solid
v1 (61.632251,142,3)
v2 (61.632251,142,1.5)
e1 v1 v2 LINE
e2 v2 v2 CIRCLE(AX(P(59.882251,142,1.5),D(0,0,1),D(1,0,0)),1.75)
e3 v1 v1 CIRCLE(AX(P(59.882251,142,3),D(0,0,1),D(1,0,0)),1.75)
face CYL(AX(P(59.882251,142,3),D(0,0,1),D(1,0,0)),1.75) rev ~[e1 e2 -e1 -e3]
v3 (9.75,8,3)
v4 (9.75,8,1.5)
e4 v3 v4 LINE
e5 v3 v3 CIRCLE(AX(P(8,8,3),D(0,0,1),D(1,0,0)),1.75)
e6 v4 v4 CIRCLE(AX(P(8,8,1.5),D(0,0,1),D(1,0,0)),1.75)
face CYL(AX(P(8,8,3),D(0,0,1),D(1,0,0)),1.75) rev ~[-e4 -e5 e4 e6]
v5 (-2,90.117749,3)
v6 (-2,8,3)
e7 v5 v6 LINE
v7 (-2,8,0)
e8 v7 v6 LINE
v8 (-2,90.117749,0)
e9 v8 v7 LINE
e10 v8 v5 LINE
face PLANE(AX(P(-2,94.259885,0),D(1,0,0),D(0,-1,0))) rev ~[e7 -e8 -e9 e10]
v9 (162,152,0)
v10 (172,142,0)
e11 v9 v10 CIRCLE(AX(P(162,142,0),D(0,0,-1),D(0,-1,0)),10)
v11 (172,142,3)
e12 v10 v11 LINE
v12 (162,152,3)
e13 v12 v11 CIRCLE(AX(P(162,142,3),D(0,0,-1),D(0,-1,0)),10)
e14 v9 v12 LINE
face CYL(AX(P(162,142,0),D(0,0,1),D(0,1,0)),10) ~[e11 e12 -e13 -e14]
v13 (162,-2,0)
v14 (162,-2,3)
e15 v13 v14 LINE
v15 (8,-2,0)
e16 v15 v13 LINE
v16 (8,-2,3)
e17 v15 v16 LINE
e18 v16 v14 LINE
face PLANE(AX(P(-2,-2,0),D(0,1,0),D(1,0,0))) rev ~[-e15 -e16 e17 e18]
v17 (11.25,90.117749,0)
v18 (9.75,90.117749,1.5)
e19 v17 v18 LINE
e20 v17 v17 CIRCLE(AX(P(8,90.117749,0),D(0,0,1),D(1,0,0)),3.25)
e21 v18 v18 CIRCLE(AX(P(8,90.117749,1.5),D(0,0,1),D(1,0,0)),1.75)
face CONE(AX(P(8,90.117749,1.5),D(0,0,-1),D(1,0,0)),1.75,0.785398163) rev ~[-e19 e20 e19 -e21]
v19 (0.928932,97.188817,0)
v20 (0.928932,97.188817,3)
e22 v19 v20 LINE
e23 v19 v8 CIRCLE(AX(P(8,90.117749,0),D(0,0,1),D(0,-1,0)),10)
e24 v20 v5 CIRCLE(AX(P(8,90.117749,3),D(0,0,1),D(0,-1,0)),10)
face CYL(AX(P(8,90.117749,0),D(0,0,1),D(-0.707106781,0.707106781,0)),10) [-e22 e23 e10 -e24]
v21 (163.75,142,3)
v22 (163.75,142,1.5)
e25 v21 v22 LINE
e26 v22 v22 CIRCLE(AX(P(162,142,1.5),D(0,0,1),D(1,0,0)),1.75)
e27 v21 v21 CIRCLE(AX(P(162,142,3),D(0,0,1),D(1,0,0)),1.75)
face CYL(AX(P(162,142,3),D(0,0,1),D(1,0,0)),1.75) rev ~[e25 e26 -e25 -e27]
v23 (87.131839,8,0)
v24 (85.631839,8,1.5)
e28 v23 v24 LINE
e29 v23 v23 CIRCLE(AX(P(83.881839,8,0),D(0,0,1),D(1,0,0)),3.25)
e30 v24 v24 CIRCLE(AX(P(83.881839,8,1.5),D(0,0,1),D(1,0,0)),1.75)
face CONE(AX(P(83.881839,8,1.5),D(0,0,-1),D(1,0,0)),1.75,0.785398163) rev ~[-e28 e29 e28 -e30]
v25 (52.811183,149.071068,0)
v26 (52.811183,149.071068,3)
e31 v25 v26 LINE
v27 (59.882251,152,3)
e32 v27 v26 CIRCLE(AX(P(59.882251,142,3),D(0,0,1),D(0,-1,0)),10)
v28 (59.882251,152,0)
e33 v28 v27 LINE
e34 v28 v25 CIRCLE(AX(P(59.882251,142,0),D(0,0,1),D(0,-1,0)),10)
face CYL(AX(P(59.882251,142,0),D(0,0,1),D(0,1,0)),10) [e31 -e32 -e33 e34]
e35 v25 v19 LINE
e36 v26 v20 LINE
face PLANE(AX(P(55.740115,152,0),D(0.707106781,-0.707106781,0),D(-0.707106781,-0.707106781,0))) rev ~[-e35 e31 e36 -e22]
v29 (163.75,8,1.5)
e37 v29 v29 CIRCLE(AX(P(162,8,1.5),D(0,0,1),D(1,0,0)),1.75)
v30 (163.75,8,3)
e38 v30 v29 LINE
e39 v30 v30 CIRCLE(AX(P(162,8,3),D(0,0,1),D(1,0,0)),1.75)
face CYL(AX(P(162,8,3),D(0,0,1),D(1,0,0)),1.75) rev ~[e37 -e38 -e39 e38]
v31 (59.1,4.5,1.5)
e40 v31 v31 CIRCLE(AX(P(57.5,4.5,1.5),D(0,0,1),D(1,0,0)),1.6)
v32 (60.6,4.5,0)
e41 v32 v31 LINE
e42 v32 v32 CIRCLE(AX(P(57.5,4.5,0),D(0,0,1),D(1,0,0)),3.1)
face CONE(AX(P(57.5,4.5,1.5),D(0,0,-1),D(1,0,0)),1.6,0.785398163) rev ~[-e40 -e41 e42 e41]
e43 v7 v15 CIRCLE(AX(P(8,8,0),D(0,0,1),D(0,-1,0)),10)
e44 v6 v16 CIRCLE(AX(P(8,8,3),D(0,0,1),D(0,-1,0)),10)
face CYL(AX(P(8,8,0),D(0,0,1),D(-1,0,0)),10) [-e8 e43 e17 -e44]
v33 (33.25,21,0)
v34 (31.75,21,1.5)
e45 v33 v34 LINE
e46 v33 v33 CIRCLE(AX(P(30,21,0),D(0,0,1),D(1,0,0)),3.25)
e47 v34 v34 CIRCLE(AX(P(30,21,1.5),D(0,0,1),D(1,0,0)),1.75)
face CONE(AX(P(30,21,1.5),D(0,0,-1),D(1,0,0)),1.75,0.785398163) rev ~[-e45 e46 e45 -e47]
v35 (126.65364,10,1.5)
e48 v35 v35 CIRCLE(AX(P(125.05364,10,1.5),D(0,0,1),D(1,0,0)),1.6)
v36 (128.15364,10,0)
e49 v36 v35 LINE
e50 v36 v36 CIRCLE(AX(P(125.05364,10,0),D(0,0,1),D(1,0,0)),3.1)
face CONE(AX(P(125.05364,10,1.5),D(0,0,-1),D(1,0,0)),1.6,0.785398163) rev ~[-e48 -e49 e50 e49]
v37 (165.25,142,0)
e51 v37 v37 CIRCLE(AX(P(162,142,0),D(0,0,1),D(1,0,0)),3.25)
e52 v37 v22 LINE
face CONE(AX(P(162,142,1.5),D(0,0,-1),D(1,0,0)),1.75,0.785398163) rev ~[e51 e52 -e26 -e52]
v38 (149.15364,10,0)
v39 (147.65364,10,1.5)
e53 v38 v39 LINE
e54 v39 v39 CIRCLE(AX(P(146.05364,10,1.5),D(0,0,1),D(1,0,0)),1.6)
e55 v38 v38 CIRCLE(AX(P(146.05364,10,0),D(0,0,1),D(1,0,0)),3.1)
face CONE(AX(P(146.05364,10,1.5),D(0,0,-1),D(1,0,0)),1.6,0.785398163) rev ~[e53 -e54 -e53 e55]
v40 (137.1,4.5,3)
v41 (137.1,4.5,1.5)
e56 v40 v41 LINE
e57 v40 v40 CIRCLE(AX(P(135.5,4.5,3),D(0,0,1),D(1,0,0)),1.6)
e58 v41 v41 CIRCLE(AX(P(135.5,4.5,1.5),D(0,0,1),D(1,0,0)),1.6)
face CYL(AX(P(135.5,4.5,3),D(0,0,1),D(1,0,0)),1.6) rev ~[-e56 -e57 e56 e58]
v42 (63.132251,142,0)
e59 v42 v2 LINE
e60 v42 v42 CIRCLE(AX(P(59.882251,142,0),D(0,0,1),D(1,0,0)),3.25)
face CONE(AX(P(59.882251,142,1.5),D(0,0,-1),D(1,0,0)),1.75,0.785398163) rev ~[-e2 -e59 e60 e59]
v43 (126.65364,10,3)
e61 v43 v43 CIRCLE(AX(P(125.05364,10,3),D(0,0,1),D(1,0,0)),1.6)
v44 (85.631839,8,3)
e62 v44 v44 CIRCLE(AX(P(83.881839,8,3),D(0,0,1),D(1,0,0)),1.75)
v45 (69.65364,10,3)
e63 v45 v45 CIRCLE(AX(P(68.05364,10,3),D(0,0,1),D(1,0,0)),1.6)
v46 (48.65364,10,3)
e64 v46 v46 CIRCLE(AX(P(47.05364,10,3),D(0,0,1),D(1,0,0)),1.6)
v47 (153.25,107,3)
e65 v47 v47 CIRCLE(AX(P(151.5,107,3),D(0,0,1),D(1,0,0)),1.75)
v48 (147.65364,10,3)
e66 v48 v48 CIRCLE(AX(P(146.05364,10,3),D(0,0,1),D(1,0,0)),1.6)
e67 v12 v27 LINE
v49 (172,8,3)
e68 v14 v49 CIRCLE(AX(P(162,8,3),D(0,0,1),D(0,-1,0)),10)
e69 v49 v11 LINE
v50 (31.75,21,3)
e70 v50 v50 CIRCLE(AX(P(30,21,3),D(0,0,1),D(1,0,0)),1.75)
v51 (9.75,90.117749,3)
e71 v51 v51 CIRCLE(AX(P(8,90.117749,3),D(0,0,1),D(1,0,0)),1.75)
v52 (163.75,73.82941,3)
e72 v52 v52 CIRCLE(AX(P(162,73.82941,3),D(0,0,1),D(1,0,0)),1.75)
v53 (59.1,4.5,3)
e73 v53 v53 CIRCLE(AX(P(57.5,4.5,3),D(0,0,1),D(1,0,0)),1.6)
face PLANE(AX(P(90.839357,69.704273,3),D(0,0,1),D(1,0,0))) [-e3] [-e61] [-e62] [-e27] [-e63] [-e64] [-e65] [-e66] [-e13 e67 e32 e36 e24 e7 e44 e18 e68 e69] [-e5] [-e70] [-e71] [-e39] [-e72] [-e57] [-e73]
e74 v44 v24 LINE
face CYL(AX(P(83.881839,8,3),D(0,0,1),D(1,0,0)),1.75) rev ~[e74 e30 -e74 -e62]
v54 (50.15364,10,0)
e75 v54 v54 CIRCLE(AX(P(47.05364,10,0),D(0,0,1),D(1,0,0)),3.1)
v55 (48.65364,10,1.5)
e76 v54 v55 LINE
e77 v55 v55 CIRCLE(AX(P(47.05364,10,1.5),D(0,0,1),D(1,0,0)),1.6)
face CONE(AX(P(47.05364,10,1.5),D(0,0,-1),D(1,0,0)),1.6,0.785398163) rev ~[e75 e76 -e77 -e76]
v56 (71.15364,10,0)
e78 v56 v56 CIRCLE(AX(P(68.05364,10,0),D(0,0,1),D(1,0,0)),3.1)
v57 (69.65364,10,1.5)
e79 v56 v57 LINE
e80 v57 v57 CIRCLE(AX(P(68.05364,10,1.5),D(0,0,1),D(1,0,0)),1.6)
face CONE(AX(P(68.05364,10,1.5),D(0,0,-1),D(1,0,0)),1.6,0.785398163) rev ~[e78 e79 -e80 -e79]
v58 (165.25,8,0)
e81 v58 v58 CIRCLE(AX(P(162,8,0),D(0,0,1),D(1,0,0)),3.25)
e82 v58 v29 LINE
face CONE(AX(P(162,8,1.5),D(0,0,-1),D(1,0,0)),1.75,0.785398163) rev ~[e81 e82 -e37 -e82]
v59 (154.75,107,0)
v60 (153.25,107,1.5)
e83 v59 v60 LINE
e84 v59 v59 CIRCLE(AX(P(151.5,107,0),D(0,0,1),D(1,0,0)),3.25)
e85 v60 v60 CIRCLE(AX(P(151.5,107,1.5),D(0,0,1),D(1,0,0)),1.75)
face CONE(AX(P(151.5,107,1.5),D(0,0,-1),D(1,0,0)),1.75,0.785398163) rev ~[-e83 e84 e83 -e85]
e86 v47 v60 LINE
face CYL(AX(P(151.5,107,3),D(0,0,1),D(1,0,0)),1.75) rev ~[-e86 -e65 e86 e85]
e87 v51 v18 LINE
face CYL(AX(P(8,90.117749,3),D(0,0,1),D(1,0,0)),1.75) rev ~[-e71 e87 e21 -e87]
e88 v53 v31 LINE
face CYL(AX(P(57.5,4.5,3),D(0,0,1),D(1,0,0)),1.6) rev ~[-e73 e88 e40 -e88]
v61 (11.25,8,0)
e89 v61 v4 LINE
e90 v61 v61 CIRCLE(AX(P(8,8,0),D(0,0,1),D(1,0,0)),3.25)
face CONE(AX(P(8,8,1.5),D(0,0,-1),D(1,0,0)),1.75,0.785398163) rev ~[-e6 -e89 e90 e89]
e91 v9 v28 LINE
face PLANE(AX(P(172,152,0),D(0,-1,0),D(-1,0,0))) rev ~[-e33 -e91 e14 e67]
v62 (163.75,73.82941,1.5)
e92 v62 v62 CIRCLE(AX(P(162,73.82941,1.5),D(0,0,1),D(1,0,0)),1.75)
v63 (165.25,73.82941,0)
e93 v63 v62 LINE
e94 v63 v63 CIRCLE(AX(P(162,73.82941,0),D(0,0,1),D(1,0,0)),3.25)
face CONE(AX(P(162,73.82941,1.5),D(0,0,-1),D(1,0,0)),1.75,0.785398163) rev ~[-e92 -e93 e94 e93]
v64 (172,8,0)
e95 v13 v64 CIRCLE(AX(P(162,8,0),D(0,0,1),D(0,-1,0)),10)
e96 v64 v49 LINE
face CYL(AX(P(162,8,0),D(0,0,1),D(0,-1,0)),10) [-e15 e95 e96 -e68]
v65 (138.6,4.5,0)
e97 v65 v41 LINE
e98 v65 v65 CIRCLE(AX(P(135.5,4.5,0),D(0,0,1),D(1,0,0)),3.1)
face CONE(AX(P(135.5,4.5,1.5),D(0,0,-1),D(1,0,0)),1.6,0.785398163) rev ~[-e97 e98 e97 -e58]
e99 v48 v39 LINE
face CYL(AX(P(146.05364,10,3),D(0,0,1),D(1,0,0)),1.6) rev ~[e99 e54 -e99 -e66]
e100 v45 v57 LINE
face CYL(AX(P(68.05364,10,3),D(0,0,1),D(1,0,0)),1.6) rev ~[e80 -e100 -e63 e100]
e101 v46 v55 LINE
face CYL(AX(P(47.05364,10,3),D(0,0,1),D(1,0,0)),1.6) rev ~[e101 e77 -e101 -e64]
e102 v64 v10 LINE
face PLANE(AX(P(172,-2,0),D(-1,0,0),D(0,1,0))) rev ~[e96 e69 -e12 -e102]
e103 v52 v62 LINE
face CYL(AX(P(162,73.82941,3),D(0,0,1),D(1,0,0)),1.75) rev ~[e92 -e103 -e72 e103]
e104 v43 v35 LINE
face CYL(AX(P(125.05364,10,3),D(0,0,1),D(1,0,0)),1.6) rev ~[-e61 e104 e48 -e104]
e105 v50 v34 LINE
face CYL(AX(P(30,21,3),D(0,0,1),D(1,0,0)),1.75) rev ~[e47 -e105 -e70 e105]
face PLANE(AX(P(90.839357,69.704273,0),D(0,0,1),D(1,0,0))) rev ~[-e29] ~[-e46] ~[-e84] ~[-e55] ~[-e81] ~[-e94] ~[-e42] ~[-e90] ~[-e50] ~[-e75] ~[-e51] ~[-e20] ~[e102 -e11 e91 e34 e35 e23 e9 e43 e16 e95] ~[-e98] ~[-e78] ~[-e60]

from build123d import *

# Parameters (mm, degrees)
ESTRUSIONE_ESTRUSIONE1_DEPTH = 3
RACCORDO1_R                  = 10
SCHIZZO2_R                   = 1.75
TAGLIO_ESTRUSIONE1_DEPTH     = 3
SCHIZZO3_R                   = 1.75
TAGLIO_ESTRUSIONE2_DEPTH     = 10
SCHIZZO6_R                   = 1.6
TAGLIO_ESTRUSIONE4_DEPTH     = 10
SMUSSO1_SIZE                 = 1.5


with BuildPart() as part:
    # Schizzo1 → Estrusione-Estrusione1 (new body)
    with BuildSketch(Plane.XY):
        Polygon((172, 152), (55.74011537, 152), (-2, 94.25988463), (-2, -2), (172, -2), align=None)
    extrude(amount=ESTRUSIONE_ESTRUSIONE1_DEPTH)

    # Raccordo1
    raccordo1_edges = [part.edges().sort_by_distance(p)[0] for p in [
        (172, -2, 1.5),
        (-2, -2, 1.5),
        (-2, 94.25988463, 1.5),
        (55.74011537, 152, 1.5),
        (172, 152, 1.5),
    ]]
    fillet(raccordo1_edges, radius=RACCORDO1_R)

    # Schizzo2 → Taglio-Estrusione1 (cut)
    with BuildSketch(Plane.XY.offset(3)):
        with Locations((162, 142)):
            Circle(SCHIZZO2_R)
        with Locations((59.882250994, 142)):
            Circle(SCHIZZO2_R)
        with Locations((8, 90.117749006)):
            Circle(SCHIZZO2_R)
        with Locations((8, 8)):
            Circle(SCHIZZO2_R)
        with Locations((162, 8)):
            Circle(SCHIZZO2_R)
        with Locations((162, 73.82941029)):
            Circle(SCHIZZO2_R)
        with Locations((83.881838923, 8)):
            Circle(SCHIZZO2_R)
    extrude(amount=-TAGLIO_ESTRUSIONE1_DEPTH, mode=Mode.SUBTRACT)

    # Schizzo3 → Taglio-Estrusione2 (cut)
    with BuildSketch(Plane.XY.offset(3)):
        with Locations((151.5, 107)):
            Circle(SCHIZZO3_R)
        with Locations((30, 21)):
            Circle(SCHIZZO3_R)
    extrude(amount=-TAGLIO_ESTRUSIONE2_DEPTH, mode=Mode.SUBTRACT)

    # Schizzo6 → Taglio-Estrusione4 (cut)
    with BuildSketch(Plane.XY.offset(3)):
        with Locations((57.5, 4.5)):
            Circle(SCHIZZO6_R)
        with Locations((68.053639934, 10)):
            Circle(SCHIZZO6_R)
        with Locations((47.053639934, 10)):
            Circle(SCHIZZO6_R)
        with Locations((125.053639934, 10)):
            Circle(SCHIZZO6_R)
        with Locations((146.053639934, 10)):
            Circle(SCHIZZO6_R)
        with Locations((135.5, 4.5)):
            Circle(SCHIZZO6_R)
    extrude(amount=-TAGLIO_ESTRUSIONE4_DEPTH, mode=Mode.SUBTRACT)

    # Smusso1
    smusso1_edges = [part.edges().sort_by_distance(p)[0] for p in [
        (45.453639934, 10, 0),
        (66.453639934, 10, 0),
        (144.453639934, 10, 0),
        (55.9, 4.5, 0),
        (123.453639934, 10, 0),
        (133.9, 4.5, 0),
        (58.132250994, 142, 0),
        (6.25, 90.117749006, 0),
        (6.25, 8, 0),
        (160.25, 8, 0),
        (160.25, 73.82941029, 0),
        (82.131838923, 8, 0),
        (160.25, 142, 0),
        (149.75, 107, 0),
        (28.25, 21, 0),
    ]]
    chamfer(smusso1_edges, length=SMUSSO1_SIZE)


solid = part.part
